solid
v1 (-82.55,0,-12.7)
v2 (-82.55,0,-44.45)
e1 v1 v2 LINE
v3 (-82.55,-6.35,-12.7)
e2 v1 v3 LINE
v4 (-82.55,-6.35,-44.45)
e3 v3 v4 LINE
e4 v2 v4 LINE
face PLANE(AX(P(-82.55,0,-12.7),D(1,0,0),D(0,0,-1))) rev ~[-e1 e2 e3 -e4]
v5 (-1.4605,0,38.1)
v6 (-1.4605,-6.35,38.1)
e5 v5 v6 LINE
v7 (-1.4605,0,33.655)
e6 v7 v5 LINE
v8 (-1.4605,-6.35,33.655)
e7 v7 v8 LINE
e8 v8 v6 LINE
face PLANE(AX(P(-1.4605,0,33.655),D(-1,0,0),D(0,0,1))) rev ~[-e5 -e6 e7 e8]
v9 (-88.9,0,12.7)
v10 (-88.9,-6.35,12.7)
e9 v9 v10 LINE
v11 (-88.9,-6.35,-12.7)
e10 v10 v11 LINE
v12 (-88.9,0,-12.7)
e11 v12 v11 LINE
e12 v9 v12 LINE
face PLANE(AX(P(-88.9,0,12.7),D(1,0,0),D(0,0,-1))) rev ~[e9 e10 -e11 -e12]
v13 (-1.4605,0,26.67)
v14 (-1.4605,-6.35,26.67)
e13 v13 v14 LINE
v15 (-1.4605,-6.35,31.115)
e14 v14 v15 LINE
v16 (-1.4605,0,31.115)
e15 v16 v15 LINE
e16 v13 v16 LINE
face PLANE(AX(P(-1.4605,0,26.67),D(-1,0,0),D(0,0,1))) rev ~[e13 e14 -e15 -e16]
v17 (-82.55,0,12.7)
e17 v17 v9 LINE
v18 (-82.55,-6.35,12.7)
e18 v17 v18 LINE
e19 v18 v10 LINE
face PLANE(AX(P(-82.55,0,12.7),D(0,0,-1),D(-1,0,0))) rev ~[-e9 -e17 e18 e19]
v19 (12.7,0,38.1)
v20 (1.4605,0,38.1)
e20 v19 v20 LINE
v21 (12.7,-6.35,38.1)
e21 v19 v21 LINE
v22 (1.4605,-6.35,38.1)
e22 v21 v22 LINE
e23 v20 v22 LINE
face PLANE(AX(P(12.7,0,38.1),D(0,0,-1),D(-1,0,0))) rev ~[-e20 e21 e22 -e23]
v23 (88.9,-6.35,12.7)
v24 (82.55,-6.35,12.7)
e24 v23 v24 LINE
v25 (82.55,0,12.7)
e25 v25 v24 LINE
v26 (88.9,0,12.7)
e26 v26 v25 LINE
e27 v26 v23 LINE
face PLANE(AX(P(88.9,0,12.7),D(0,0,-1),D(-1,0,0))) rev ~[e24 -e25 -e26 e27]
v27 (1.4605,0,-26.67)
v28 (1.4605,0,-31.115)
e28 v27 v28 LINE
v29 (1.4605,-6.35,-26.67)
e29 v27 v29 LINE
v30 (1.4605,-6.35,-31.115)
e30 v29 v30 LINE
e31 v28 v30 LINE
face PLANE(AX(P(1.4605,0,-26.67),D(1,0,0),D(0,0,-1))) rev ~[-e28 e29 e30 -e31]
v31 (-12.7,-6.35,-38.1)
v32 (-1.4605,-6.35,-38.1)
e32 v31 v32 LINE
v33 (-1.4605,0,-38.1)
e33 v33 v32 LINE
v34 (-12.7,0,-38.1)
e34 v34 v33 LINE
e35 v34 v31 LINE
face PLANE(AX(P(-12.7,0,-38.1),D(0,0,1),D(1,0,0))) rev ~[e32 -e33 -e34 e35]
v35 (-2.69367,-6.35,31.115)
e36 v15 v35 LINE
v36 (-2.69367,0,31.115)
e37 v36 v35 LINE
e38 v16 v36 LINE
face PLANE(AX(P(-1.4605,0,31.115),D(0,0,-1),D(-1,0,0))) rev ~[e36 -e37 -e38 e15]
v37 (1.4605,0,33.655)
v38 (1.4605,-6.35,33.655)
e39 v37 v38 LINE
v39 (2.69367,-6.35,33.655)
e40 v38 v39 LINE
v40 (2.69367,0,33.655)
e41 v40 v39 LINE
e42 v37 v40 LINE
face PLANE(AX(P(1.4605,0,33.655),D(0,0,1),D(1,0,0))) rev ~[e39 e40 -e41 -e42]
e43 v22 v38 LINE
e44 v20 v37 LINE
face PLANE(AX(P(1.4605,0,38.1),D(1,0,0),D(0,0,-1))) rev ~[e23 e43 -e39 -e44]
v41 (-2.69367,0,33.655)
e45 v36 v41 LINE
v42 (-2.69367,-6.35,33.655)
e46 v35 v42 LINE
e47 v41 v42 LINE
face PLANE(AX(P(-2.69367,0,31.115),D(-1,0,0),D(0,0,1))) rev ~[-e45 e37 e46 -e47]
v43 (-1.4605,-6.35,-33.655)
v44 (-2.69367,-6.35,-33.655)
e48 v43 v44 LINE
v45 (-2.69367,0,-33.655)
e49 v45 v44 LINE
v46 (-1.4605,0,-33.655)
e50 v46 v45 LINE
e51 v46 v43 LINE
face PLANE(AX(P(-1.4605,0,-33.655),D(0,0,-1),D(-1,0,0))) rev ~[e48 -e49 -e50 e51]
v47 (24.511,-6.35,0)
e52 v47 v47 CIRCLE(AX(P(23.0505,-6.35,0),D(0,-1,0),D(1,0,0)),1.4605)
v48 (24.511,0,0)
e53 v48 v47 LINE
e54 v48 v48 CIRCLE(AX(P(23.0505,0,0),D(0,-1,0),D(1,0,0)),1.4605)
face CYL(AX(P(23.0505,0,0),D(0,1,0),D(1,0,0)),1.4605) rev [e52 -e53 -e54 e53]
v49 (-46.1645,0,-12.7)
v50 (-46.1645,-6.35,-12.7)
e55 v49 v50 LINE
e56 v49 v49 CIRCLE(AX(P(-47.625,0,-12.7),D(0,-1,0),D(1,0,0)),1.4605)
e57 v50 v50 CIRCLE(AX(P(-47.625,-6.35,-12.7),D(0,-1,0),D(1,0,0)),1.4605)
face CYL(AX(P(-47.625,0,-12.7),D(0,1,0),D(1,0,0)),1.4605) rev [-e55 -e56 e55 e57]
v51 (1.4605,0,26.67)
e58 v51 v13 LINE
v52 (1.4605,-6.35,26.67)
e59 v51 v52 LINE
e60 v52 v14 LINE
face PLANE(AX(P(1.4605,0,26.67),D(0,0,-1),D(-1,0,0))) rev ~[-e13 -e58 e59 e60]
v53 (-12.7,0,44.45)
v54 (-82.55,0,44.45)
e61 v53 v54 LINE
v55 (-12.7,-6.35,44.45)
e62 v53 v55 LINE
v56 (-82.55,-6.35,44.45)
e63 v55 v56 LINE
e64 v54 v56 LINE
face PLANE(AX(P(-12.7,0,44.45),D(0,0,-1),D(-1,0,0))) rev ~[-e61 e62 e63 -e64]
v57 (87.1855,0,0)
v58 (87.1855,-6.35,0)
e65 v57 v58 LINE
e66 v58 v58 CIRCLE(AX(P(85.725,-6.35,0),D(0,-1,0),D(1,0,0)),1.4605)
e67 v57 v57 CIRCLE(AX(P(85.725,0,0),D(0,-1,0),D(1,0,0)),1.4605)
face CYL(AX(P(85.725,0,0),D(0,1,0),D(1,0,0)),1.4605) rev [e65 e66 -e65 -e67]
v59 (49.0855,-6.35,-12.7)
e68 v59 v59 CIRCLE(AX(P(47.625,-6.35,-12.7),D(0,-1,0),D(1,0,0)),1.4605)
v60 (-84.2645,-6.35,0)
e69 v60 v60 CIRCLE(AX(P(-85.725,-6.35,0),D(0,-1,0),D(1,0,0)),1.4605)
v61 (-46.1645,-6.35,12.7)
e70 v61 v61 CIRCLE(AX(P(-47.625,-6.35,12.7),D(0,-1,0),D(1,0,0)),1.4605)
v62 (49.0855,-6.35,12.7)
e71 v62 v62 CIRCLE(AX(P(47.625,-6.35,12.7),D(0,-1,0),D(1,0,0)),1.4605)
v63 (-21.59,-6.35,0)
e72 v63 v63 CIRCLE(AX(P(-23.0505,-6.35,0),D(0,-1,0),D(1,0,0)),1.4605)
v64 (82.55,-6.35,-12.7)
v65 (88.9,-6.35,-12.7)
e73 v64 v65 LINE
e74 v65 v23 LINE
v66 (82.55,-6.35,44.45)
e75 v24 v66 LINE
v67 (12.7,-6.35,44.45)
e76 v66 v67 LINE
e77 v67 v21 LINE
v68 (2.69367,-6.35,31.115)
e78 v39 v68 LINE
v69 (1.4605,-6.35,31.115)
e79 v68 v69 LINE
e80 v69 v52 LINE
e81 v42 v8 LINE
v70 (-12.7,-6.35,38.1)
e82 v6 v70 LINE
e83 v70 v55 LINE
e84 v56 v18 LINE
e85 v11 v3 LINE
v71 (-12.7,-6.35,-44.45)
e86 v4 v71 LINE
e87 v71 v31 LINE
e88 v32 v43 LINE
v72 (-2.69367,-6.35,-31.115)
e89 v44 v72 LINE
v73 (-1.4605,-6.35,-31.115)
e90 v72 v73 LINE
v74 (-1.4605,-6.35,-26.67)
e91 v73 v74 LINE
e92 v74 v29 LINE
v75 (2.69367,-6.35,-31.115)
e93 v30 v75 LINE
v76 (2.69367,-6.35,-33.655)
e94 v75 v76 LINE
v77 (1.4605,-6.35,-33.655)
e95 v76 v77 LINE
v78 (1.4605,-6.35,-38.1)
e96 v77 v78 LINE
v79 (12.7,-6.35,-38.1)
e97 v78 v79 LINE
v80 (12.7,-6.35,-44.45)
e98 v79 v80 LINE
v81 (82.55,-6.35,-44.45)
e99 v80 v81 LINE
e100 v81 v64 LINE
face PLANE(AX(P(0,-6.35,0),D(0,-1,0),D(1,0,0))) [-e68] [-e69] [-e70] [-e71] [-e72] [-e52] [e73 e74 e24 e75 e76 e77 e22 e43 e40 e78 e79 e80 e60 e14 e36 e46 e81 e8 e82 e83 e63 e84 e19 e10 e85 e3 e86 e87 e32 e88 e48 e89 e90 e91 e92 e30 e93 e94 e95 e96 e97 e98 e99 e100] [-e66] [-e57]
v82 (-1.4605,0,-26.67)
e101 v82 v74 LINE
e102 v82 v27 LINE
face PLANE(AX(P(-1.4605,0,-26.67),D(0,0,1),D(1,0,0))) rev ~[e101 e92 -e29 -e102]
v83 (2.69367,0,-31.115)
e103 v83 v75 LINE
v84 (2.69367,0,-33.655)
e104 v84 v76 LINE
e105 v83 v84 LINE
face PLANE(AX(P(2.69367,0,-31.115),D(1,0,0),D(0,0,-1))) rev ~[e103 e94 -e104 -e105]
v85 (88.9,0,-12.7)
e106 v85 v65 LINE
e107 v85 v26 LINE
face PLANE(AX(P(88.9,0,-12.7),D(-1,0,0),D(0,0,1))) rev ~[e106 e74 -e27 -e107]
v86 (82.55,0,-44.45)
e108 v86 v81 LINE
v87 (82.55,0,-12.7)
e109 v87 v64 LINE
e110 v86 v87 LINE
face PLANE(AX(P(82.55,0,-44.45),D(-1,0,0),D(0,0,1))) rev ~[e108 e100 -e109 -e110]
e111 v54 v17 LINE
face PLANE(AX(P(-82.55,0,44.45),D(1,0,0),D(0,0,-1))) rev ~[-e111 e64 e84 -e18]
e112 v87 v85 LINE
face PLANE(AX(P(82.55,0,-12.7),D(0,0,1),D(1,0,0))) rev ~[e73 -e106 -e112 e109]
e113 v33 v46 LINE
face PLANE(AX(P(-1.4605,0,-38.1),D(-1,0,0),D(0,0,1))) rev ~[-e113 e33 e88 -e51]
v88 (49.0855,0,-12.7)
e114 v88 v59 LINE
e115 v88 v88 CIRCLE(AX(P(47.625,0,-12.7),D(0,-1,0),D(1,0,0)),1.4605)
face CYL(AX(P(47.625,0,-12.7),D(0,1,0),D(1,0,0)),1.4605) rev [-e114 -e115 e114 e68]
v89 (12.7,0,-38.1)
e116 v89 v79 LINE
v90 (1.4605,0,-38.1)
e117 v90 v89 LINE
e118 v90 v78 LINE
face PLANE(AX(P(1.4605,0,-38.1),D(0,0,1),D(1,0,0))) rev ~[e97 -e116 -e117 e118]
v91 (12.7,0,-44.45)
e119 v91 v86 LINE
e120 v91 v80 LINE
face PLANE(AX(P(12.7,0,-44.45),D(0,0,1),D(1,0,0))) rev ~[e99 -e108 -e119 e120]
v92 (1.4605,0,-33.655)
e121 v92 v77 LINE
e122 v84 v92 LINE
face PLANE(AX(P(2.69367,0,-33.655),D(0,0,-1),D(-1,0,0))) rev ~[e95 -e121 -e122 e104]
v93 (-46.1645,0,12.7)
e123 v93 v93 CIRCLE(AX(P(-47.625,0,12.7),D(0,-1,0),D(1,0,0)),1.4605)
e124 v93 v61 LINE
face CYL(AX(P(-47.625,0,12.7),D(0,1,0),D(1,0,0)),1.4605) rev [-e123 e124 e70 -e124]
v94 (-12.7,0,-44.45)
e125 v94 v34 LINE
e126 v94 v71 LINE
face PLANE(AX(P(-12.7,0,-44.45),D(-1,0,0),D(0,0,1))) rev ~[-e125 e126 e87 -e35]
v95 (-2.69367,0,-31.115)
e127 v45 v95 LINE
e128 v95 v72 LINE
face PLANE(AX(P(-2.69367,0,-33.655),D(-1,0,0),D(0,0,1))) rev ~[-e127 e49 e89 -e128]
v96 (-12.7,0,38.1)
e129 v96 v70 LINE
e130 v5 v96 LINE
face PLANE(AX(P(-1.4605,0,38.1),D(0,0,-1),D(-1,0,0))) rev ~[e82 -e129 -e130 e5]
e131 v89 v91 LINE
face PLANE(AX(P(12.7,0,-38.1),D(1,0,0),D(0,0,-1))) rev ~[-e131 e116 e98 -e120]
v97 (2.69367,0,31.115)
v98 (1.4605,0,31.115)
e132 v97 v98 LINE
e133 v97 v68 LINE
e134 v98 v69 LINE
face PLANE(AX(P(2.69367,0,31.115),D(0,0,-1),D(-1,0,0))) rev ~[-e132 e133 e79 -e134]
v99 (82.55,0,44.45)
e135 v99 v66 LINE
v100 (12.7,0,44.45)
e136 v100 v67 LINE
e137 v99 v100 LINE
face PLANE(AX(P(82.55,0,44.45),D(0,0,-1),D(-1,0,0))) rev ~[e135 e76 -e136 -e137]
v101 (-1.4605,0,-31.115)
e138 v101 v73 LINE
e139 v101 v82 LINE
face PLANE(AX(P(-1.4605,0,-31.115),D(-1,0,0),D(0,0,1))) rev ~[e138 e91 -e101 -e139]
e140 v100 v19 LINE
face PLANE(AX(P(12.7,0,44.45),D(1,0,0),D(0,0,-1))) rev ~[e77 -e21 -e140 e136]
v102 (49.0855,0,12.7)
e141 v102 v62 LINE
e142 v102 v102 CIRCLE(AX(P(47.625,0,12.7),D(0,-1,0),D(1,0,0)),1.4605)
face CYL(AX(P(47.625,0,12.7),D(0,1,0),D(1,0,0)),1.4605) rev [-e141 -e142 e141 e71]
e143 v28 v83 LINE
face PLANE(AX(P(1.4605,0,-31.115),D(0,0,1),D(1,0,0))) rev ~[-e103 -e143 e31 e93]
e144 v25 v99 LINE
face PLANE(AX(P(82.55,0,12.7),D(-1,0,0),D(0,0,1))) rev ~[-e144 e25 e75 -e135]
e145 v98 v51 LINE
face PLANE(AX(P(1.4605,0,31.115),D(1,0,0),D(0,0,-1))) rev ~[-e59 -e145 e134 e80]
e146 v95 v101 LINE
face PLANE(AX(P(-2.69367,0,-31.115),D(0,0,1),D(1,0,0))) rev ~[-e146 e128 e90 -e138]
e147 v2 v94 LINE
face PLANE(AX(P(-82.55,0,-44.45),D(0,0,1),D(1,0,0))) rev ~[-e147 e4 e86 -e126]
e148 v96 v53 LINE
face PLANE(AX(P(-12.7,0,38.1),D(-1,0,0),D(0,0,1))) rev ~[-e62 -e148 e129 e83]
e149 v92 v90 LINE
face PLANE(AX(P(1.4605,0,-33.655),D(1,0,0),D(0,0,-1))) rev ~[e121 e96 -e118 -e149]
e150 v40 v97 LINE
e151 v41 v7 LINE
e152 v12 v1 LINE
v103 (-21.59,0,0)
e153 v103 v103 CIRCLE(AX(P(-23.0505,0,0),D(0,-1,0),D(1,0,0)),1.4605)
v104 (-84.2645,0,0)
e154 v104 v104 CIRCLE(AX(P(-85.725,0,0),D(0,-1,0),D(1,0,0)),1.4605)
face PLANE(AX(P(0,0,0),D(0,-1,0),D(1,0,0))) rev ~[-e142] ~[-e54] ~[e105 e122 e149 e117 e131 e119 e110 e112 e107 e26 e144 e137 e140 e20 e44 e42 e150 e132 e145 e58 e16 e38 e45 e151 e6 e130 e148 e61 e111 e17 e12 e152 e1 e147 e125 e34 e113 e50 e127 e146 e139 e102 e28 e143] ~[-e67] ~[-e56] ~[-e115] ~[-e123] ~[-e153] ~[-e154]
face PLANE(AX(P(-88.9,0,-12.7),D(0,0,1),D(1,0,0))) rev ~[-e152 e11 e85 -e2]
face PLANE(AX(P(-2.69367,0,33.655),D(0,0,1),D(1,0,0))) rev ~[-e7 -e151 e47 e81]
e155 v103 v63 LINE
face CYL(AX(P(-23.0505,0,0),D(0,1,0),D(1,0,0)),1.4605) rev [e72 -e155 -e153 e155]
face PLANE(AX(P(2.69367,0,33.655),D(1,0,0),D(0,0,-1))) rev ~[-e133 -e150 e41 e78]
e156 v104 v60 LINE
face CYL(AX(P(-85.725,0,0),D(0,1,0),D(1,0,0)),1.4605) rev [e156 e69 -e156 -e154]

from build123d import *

# Parameters (mm, degrees)
F0_R     = 1.4605
F1_DEPTH = 6.35


with BuildPart() as f1:
    # F0 (on Front) → F1 (new body)
    with BuildSketch(Plane.XZ):
        Polygon((82.55, 12.7), (82.55, 44.45), (12.7, 44.45), (12.7, 38.1), (1.4605, 38.1), (1.4605, 33.655), (2.69367, 33.655), (2.69367, 31.115), (1.4605, 31.115), (1.4605, 26.67), (-1.4605, 26.67), (-1.4605, 31.115), (-2.69367, 31.115), (-2.69367, 33.655), (-1.4605, 33.655), (-1.4605, 38.1), (-12.7, 38.1), (-12.7, 44.45), (-82.55, 44.45), (-82.55, 12.7), (-88.9, 12.7), (-88.9, -12.7), (-82.55, -12.7), (-82.55, -44.45), (-12.7, -44.45), (-12.7, -38.1), (-1.4605, -38.1), (-1.4605, -33.655), (-2.69367, -33.655), (-2.69367, -31.115), (-1.4605, -31.115), (-1.4605, -26.67), (1.4605, -26.67), (1.4605, -31.115), (2.69367, -31.115), (2.69367, -33.655), (1.4605, -33.655), (1.4605, -38.1), (12.7, -38.1), (12.7, -44.45), (82.55, -44.45), (82.55, -12.7), (88.9, -12.7), (88.9, 12.7), align=None)
        with Locations((-47.625, -12.7)):
            Circle(F0_R, mode=Mode.SUBTRACT)
        with Locations((47.625, -12.7)):
            Circle(F0_R, mode=Mode.SUBTRACT)
        with Locations((-85.725, 0)):
            Circle(F0_R, mode=Mode.SUBTRACT)
        with Locations((-47.625, 12.7)):
            Circle(F0_R, mode=Mode.SUBTRACT)
        with Locations((-23.0505, 0)):
            Circle(F0_R, mode=Mode.SUBTRACT)
        with Locations((23.0505, 0)):
            Circle(F0_R, mode=Mode.SUBTRACT)
        with Locations((85.725, 0)):
            Circle(F0_R, mode=Mode.SUBTRACT)
        with Locations((47.625, 12.7)):
            Circle(F0_R, mode=Mode.SUBTRACT)
    extrude(amount=F1_DEPTH)


solid = f1.part
